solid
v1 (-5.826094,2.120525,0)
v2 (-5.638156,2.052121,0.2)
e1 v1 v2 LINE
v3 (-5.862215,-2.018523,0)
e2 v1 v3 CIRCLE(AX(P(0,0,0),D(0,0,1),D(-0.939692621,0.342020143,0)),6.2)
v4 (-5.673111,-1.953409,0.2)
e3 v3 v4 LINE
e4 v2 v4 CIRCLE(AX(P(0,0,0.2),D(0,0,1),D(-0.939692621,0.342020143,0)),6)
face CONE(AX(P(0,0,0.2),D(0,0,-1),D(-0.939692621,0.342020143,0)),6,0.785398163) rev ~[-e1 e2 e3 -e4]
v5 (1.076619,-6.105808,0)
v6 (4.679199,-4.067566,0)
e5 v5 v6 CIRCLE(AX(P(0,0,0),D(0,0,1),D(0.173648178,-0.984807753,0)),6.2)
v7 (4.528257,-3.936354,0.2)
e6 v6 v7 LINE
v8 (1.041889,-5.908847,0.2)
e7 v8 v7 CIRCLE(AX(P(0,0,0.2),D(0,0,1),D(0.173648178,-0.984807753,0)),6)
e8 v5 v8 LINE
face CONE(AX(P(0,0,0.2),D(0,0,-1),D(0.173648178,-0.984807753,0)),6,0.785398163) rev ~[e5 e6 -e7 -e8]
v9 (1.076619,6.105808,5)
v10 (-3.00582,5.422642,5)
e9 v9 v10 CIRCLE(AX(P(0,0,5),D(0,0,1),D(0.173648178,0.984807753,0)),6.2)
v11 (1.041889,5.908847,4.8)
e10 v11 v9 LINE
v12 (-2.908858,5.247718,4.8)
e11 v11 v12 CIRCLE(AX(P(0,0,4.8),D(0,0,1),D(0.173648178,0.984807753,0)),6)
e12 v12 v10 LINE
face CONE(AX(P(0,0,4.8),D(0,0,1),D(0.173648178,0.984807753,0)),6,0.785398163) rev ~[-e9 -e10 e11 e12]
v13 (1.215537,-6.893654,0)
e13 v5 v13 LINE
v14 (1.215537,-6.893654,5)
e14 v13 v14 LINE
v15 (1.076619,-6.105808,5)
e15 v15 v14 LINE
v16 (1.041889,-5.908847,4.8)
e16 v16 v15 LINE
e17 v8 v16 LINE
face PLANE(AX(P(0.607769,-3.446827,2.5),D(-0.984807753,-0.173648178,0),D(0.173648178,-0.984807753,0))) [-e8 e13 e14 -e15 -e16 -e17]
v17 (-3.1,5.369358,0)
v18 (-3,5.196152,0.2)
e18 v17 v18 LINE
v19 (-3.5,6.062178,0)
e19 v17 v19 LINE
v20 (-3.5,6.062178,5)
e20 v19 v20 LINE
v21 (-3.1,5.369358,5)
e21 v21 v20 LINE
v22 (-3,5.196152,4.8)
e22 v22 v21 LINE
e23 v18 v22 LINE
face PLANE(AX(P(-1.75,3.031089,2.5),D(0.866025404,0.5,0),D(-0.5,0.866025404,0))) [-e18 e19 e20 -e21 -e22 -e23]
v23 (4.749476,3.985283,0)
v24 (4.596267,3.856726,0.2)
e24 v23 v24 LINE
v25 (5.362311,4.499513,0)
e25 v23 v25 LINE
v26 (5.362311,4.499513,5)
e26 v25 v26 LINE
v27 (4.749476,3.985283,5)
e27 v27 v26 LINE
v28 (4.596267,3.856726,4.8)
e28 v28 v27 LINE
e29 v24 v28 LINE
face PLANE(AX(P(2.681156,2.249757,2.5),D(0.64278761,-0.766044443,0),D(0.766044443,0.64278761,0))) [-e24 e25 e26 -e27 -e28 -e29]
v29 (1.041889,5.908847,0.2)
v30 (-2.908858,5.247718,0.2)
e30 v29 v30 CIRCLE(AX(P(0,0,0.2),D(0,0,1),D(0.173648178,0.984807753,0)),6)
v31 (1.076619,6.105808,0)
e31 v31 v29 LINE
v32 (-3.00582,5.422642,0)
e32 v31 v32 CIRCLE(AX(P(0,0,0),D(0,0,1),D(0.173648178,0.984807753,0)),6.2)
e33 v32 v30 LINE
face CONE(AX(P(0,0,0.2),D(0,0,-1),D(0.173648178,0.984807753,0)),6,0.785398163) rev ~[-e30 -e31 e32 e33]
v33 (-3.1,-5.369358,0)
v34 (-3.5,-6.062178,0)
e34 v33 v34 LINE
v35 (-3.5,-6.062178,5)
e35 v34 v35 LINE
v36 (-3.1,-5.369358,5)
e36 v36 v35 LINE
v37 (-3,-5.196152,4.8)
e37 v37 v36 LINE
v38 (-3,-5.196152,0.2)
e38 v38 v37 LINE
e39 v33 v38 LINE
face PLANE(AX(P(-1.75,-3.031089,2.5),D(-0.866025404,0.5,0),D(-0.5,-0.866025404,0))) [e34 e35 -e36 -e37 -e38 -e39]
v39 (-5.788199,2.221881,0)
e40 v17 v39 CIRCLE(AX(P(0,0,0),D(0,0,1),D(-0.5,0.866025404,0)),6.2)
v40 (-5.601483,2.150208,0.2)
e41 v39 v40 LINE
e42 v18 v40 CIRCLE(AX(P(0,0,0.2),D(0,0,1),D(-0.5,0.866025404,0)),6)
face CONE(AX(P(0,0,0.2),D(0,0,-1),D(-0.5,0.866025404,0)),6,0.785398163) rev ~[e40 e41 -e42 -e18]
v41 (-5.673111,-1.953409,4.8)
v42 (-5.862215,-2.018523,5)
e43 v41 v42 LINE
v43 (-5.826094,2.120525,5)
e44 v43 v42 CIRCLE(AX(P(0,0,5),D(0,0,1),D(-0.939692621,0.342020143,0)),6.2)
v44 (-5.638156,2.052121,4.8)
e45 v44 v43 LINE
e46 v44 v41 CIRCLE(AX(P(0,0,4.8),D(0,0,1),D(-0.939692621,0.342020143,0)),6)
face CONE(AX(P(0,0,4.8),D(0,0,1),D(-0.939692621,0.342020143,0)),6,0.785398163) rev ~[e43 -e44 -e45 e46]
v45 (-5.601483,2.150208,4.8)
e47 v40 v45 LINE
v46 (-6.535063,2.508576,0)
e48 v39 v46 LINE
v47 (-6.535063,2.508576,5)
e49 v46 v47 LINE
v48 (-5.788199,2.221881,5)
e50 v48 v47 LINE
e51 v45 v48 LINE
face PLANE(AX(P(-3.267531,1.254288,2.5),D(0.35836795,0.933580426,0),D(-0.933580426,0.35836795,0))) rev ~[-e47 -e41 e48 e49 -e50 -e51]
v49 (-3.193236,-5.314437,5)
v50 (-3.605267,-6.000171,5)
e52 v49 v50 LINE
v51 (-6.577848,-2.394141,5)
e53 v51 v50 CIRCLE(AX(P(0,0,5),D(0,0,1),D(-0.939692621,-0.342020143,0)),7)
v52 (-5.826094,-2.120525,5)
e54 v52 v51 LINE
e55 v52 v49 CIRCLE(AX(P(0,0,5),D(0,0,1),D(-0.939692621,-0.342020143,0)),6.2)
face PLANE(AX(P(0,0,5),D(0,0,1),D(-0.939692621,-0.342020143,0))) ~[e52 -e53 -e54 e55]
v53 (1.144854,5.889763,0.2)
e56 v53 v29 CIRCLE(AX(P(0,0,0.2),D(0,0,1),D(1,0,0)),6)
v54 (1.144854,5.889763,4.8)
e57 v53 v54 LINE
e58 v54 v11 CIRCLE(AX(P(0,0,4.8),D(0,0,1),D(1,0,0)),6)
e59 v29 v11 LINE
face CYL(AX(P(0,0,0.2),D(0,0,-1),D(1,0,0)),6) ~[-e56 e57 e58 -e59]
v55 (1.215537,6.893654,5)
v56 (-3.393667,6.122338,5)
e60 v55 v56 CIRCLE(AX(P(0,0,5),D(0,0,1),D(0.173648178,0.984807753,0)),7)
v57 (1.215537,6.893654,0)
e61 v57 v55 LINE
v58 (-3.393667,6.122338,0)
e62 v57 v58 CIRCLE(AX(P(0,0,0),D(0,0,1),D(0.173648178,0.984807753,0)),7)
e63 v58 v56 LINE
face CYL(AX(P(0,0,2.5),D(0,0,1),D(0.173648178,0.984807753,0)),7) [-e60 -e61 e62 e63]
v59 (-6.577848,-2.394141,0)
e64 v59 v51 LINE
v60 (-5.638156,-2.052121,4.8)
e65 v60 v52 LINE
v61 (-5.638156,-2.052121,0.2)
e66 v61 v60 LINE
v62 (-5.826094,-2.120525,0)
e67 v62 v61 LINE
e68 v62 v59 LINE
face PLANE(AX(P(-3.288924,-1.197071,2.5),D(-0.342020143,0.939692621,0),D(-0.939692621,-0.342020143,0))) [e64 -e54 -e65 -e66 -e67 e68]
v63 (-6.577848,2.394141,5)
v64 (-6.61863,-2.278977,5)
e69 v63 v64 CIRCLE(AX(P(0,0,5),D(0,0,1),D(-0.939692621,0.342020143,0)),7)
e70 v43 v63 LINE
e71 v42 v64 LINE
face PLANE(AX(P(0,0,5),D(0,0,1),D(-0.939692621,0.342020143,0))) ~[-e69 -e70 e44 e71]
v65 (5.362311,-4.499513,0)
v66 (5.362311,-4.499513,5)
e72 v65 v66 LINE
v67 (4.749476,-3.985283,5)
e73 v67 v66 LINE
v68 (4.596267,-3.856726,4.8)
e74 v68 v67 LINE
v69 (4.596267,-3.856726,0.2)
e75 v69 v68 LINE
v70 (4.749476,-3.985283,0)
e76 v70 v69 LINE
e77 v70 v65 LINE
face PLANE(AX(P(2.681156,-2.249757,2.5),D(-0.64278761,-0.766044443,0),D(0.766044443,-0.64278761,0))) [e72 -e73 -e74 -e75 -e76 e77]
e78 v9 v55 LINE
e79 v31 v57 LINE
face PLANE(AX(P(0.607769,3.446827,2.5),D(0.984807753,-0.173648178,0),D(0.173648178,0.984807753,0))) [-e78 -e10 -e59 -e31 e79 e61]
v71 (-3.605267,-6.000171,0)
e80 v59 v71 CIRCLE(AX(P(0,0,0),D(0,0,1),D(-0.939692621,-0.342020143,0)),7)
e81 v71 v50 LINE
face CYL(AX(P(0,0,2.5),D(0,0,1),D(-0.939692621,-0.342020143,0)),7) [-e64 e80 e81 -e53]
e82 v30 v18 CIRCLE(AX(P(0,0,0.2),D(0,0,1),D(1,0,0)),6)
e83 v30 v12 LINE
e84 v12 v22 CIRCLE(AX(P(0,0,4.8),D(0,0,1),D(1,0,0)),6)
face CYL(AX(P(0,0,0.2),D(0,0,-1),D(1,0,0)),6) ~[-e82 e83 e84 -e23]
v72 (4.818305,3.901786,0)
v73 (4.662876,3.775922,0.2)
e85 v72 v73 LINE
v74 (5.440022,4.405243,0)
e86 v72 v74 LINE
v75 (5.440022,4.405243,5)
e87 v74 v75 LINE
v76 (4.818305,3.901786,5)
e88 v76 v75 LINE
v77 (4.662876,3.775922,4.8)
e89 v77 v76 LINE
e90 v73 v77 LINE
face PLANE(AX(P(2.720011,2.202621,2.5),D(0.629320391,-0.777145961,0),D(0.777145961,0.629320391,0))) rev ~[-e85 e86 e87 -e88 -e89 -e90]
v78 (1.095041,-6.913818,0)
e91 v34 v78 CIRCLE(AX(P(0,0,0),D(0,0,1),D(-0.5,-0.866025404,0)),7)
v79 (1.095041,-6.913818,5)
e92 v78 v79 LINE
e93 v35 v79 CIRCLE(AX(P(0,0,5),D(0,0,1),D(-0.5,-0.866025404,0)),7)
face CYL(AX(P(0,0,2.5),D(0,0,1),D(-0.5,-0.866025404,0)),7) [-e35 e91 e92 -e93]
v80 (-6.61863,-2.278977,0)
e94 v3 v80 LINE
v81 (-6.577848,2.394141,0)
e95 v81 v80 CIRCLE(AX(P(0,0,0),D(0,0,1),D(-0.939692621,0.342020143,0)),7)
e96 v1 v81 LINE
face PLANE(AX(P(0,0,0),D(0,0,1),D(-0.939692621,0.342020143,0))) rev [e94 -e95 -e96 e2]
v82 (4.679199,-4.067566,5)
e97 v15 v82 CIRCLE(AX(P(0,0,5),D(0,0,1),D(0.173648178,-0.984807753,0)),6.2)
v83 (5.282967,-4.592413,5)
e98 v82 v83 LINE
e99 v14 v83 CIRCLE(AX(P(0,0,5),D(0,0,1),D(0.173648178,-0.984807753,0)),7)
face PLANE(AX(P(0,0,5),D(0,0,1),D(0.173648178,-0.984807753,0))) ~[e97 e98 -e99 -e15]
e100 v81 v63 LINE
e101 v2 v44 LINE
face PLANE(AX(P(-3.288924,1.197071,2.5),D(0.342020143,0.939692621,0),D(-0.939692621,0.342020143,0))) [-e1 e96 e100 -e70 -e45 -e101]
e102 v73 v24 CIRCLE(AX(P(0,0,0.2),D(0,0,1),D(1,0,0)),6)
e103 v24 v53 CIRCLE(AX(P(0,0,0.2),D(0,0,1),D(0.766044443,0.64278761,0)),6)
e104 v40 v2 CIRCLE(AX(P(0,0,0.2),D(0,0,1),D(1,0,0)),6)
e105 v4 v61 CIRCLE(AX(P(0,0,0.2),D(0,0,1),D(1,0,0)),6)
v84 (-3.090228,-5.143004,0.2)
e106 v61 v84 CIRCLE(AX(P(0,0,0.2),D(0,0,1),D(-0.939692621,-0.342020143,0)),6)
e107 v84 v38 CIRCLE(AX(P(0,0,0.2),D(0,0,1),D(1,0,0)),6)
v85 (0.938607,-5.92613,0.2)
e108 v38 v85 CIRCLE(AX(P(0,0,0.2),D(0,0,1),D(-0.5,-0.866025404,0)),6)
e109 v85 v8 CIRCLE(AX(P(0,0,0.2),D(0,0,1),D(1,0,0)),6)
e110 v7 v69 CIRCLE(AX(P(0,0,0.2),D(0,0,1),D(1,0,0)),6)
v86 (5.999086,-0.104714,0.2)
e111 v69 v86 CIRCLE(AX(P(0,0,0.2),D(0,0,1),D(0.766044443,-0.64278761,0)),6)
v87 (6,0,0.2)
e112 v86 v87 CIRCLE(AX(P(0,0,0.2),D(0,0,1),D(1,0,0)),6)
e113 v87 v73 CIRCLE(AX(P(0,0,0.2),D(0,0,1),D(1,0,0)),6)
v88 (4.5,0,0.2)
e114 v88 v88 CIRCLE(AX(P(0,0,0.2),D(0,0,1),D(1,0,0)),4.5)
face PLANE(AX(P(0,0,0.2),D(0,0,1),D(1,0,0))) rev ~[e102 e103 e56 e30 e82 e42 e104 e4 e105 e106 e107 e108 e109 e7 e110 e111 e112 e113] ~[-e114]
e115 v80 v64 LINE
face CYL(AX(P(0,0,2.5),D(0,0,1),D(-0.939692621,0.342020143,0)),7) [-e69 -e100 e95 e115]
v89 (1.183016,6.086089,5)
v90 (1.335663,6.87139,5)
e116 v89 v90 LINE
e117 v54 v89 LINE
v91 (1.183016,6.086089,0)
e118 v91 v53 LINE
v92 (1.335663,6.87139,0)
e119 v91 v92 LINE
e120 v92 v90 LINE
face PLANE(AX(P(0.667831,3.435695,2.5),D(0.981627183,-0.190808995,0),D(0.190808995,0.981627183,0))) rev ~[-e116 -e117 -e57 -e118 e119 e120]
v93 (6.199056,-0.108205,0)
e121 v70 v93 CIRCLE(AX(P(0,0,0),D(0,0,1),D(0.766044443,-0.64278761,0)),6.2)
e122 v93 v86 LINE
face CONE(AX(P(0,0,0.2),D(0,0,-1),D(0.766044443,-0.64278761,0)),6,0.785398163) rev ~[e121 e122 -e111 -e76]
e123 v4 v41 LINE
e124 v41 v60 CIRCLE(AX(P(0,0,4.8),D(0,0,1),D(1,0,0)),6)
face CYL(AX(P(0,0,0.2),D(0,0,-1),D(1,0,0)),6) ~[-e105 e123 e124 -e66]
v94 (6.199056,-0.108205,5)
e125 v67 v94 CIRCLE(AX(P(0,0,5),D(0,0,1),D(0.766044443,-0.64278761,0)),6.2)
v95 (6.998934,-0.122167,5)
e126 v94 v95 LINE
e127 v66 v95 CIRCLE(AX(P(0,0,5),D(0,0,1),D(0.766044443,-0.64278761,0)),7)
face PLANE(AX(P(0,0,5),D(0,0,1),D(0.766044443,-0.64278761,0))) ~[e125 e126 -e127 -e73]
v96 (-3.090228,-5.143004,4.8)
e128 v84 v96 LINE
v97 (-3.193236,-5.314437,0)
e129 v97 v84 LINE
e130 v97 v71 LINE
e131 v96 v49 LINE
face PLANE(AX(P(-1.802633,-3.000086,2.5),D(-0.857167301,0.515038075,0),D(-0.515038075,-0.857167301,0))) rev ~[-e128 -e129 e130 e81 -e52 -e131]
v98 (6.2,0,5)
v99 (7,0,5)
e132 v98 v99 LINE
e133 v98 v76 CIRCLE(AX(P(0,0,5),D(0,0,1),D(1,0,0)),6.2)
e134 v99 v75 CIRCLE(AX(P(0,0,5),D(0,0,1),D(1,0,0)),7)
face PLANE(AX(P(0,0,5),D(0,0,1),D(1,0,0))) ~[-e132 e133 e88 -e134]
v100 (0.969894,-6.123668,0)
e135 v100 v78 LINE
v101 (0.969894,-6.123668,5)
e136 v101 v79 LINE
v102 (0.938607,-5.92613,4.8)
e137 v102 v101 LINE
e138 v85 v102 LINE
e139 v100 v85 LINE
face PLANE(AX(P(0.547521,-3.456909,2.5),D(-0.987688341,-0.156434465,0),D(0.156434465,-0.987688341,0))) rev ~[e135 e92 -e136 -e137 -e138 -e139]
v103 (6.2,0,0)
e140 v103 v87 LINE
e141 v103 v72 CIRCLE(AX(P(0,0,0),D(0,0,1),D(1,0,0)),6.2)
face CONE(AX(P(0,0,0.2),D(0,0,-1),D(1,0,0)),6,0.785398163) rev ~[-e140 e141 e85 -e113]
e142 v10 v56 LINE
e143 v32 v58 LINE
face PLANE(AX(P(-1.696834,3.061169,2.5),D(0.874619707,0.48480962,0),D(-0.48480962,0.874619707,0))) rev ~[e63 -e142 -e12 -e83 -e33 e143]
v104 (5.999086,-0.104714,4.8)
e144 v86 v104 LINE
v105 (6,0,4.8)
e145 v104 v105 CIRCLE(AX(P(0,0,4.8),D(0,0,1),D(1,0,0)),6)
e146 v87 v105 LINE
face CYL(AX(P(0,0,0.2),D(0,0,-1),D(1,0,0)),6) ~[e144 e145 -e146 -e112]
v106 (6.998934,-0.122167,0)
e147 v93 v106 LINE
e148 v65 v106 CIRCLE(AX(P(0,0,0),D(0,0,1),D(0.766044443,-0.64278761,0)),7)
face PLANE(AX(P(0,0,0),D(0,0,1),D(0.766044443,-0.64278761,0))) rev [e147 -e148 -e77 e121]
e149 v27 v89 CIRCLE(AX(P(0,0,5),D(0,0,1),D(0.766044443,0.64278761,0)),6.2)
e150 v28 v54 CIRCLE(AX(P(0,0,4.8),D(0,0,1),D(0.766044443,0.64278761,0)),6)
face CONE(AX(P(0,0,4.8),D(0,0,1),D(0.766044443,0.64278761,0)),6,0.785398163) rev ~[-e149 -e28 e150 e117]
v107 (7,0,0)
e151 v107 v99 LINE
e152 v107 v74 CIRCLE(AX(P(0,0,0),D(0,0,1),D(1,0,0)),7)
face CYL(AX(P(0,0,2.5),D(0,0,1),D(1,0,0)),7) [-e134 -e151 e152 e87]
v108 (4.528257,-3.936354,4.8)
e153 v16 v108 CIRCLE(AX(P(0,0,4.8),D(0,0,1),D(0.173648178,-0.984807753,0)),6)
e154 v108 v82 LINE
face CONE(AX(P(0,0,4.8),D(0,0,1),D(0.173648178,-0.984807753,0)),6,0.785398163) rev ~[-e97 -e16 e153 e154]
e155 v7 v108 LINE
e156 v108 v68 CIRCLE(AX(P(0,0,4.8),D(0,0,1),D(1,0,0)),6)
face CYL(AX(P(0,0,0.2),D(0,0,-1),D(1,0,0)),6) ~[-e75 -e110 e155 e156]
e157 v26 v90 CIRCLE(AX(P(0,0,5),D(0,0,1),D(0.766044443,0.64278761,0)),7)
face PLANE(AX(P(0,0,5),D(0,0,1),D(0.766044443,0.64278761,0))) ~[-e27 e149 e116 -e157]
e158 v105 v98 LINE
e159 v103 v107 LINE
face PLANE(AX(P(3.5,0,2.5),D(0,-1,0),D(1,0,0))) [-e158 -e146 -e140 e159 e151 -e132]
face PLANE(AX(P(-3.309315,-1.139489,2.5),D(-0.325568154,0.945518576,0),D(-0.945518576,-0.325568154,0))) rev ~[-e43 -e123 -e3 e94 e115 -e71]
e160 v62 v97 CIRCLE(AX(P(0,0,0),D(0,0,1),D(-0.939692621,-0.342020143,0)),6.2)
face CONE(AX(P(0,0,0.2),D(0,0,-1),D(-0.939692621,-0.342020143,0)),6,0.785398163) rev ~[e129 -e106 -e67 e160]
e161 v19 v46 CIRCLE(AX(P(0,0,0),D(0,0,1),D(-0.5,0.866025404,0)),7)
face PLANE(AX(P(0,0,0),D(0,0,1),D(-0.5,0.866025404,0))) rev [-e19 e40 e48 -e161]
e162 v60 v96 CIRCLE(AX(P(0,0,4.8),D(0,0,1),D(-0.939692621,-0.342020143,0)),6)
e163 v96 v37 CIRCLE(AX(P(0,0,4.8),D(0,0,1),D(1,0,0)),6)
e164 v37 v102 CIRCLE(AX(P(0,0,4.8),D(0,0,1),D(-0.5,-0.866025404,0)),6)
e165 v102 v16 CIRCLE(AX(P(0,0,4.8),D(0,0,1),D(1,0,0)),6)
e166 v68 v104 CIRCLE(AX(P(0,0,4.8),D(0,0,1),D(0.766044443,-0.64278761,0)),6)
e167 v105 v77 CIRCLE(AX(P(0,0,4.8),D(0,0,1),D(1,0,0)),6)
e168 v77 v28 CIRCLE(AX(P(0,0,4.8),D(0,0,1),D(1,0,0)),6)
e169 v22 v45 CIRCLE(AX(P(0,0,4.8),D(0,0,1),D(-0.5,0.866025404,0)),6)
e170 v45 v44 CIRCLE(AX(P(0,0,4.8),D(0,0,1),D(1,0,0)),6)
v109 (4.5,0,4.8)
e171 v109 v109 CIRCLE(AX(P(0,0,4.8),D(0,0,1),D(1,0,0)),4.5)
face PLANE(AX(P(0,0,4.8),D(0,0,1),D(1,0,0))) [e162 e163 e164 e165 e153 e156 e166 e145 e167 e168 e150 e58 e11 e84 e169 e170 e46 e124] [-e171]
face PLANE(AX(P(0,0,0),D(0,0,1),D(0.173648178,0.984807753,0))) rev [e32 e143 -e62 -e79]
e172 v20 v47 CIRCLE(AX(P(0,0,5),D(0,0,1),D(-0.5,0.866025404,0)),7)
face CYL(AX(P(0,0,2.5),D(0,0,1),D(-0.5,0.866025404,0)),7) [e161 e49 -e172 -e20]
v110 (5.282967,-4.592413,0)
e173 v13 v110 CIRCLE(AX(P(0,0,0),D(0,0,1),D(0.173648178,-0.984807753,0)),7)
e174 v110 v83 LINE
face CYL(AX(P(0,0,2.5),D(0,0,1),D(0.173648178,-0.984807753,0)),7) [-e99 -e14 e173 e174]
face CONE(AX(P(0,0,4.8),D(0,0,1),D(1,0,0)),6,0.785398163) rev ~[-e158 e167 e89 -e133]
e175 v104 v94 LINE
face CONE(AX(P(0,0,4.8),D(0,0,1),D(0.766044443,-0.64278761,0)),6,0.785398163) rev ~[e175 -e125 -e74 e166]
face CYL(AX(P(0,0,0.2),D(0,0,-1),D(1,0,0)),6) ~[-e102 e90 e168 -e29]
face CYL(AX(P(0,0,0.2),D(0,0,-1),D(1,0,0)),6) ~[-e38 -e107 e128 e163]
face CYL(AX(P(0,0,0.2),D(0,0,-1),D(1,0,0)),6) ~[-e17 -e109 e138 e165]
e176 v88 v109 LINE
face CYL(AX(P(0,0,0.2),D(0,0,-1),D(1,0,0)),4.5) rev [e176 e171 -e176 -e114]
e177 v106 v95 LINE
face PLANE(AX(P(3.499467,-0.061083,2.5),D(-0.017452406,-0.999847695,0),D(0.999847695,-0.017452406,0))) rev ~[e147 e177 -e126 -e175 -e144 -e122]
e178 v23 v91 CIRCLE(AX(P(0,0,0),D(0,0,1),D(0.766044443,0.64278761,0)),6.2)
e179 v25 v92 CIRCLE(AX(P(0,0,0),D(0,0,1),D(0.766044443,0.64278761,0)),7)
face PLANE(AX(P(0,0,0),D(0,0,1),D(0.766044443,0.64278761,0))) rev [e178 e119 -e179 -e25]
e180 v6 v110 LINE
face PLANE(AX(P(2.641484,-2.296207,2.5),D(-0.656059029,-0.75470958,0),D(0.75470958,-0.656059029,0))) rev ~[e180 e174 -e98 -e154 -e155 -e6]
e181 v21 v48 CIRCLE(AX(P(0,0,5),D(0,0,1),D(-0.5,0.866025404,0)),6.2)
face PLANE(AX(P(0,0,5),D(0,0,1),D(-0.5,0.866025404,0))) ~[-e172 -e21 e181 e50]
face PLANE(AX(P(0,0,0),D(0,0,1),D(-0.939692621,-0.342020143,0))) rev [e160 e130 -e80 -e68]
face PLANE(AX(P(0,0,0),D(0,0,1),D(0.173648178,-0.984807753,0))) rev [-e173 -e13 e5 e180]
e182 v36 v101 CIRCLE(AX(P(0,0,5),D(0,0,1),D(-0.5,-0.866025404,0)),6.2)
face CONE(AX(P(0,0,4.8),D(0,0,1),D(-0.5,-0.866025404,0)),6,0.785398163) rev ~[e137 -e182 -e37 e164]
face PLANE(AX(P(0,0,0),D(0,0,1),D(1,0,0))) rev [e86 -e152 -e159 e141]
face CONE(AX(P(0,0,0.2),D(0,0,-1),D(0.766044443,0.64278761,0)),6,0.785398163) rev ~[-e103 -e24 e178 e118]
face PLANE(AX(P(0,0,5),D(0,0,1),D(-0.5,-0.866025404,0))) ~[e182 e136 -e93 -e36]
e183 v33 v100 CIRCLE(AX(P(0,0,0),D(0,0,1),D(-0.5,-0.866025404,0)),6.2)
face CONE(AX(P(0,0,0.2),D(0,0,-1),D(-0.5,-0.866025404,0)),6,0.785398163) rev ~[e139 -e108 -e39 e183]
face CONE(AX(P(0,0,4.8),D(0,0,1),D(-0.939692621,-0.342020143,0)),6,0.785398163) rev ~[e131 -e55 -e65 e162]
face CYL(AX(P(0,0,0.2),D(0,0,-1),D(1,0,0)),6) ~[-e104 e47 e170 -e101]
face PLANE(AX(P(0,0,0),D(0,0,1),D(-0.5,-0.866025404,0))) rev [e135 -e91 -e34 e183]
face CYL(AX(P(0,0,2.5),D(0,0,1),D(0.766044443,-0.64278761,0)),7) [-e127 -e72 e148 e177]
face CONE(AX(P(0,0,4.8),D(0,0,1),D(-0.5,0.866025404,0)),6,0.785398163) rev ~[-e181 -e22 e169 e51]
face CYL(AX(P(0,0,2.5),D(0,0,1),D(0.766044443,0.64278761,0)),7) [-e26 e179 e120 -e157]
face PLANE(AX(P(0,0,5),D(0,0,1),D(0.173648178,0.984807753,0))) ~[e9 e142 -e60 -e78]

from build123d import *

# Parameters (mm, degrees)
CYLINDER015_R     = 4.5
CYLINDER015_DEPTH = 4.6
CYLINDER014_R     = 6
CYLINDER014_DEPTH = 4.6
CYLINDER013_W     = 6
CYLINDER013_H     = 5
CYLINDER013_ANGLE = 39
CYLINDER012_W     = 7
CYLINDER012_H     = 5
CYLINDER012_ANGLE = 39
CHAMFER007_SIZE   = 0.2
ARRAY001_COUNT    = 9


with BuildPart() as cilindro011:
    # Cylinder015 → Cylinder015 (new body)
    with BuildSketch(Plane.XY.offset(0.2)):
        Circle(CYLINDER015_R)
    extrude(amount=CYLINDER015_DEPTH)


with BuildPart() as cut007:
    # Cylinder014 → Cylinder014 (new body)
    with BuildSketch(Plane.XY.offset(0.2)):
        Circle(CYLINDER014_R)
    extrude(amount=CYLINDER014_DEPTH)

    # Cut007: cut Cilindro011
    add(cilindro011.part, mode=Mode.SUBTRACT)


with BuildPart() as cilindro009:
    # Cylinder013 → Cylinder013 (revolve)
    with BuildSketch(Plane.XZ):
        with Locations((3, 2.5)):
            Rectangle(CYLINDER013_W, CYLINDER013_H)
    revolve(axis=Axis((0, 0, 0), (0, 0, 1)), revolution_arc=CYLINDER013_ANGLE)


with BuildPart() as medio001:
    # Cylinder012 → Cylinder012 (revolve)
    with BuildSketch(Plane.XZ):
        with Locations((3.5, 2.5)):
            Rectangle(CYLINDER012_W, CYLINDER012_H)
    revolve(axis=Axis((0, 0, 0), (0, 0, 1)), revolution_arc=CYLINDER012_ANGLE)

    # Cut006: cut Cilindro009
    add(cilindro009.part, mode=Mode.SUBTRACT)

    # Chamfer007
    chamfer007_edges = [medio001.edges().sort_by_distance(p)[0] for p in [
        (5.655849, 2.002841, 5),
        (5.655849, 2.002841, 0),
    ]]
    chamfer(chamfer007_edges, length=CHAMFER007_SIZE)

    # Array001: Medio001 ×9 about axis
    array001_axis = Axis((0, 0, 0), (0, 0, 1))


with BuildPart() as medio001_1:
    add(medio001.part)
    for i in range(1, ARRAY001_COUNT):
        add(medio001.part.rotate(array001_axis, i * 360 / ARRAY001_COUNT))

    # Fusion001: union Cut007
    add(cut007.part)


solid = medio001_1.part
